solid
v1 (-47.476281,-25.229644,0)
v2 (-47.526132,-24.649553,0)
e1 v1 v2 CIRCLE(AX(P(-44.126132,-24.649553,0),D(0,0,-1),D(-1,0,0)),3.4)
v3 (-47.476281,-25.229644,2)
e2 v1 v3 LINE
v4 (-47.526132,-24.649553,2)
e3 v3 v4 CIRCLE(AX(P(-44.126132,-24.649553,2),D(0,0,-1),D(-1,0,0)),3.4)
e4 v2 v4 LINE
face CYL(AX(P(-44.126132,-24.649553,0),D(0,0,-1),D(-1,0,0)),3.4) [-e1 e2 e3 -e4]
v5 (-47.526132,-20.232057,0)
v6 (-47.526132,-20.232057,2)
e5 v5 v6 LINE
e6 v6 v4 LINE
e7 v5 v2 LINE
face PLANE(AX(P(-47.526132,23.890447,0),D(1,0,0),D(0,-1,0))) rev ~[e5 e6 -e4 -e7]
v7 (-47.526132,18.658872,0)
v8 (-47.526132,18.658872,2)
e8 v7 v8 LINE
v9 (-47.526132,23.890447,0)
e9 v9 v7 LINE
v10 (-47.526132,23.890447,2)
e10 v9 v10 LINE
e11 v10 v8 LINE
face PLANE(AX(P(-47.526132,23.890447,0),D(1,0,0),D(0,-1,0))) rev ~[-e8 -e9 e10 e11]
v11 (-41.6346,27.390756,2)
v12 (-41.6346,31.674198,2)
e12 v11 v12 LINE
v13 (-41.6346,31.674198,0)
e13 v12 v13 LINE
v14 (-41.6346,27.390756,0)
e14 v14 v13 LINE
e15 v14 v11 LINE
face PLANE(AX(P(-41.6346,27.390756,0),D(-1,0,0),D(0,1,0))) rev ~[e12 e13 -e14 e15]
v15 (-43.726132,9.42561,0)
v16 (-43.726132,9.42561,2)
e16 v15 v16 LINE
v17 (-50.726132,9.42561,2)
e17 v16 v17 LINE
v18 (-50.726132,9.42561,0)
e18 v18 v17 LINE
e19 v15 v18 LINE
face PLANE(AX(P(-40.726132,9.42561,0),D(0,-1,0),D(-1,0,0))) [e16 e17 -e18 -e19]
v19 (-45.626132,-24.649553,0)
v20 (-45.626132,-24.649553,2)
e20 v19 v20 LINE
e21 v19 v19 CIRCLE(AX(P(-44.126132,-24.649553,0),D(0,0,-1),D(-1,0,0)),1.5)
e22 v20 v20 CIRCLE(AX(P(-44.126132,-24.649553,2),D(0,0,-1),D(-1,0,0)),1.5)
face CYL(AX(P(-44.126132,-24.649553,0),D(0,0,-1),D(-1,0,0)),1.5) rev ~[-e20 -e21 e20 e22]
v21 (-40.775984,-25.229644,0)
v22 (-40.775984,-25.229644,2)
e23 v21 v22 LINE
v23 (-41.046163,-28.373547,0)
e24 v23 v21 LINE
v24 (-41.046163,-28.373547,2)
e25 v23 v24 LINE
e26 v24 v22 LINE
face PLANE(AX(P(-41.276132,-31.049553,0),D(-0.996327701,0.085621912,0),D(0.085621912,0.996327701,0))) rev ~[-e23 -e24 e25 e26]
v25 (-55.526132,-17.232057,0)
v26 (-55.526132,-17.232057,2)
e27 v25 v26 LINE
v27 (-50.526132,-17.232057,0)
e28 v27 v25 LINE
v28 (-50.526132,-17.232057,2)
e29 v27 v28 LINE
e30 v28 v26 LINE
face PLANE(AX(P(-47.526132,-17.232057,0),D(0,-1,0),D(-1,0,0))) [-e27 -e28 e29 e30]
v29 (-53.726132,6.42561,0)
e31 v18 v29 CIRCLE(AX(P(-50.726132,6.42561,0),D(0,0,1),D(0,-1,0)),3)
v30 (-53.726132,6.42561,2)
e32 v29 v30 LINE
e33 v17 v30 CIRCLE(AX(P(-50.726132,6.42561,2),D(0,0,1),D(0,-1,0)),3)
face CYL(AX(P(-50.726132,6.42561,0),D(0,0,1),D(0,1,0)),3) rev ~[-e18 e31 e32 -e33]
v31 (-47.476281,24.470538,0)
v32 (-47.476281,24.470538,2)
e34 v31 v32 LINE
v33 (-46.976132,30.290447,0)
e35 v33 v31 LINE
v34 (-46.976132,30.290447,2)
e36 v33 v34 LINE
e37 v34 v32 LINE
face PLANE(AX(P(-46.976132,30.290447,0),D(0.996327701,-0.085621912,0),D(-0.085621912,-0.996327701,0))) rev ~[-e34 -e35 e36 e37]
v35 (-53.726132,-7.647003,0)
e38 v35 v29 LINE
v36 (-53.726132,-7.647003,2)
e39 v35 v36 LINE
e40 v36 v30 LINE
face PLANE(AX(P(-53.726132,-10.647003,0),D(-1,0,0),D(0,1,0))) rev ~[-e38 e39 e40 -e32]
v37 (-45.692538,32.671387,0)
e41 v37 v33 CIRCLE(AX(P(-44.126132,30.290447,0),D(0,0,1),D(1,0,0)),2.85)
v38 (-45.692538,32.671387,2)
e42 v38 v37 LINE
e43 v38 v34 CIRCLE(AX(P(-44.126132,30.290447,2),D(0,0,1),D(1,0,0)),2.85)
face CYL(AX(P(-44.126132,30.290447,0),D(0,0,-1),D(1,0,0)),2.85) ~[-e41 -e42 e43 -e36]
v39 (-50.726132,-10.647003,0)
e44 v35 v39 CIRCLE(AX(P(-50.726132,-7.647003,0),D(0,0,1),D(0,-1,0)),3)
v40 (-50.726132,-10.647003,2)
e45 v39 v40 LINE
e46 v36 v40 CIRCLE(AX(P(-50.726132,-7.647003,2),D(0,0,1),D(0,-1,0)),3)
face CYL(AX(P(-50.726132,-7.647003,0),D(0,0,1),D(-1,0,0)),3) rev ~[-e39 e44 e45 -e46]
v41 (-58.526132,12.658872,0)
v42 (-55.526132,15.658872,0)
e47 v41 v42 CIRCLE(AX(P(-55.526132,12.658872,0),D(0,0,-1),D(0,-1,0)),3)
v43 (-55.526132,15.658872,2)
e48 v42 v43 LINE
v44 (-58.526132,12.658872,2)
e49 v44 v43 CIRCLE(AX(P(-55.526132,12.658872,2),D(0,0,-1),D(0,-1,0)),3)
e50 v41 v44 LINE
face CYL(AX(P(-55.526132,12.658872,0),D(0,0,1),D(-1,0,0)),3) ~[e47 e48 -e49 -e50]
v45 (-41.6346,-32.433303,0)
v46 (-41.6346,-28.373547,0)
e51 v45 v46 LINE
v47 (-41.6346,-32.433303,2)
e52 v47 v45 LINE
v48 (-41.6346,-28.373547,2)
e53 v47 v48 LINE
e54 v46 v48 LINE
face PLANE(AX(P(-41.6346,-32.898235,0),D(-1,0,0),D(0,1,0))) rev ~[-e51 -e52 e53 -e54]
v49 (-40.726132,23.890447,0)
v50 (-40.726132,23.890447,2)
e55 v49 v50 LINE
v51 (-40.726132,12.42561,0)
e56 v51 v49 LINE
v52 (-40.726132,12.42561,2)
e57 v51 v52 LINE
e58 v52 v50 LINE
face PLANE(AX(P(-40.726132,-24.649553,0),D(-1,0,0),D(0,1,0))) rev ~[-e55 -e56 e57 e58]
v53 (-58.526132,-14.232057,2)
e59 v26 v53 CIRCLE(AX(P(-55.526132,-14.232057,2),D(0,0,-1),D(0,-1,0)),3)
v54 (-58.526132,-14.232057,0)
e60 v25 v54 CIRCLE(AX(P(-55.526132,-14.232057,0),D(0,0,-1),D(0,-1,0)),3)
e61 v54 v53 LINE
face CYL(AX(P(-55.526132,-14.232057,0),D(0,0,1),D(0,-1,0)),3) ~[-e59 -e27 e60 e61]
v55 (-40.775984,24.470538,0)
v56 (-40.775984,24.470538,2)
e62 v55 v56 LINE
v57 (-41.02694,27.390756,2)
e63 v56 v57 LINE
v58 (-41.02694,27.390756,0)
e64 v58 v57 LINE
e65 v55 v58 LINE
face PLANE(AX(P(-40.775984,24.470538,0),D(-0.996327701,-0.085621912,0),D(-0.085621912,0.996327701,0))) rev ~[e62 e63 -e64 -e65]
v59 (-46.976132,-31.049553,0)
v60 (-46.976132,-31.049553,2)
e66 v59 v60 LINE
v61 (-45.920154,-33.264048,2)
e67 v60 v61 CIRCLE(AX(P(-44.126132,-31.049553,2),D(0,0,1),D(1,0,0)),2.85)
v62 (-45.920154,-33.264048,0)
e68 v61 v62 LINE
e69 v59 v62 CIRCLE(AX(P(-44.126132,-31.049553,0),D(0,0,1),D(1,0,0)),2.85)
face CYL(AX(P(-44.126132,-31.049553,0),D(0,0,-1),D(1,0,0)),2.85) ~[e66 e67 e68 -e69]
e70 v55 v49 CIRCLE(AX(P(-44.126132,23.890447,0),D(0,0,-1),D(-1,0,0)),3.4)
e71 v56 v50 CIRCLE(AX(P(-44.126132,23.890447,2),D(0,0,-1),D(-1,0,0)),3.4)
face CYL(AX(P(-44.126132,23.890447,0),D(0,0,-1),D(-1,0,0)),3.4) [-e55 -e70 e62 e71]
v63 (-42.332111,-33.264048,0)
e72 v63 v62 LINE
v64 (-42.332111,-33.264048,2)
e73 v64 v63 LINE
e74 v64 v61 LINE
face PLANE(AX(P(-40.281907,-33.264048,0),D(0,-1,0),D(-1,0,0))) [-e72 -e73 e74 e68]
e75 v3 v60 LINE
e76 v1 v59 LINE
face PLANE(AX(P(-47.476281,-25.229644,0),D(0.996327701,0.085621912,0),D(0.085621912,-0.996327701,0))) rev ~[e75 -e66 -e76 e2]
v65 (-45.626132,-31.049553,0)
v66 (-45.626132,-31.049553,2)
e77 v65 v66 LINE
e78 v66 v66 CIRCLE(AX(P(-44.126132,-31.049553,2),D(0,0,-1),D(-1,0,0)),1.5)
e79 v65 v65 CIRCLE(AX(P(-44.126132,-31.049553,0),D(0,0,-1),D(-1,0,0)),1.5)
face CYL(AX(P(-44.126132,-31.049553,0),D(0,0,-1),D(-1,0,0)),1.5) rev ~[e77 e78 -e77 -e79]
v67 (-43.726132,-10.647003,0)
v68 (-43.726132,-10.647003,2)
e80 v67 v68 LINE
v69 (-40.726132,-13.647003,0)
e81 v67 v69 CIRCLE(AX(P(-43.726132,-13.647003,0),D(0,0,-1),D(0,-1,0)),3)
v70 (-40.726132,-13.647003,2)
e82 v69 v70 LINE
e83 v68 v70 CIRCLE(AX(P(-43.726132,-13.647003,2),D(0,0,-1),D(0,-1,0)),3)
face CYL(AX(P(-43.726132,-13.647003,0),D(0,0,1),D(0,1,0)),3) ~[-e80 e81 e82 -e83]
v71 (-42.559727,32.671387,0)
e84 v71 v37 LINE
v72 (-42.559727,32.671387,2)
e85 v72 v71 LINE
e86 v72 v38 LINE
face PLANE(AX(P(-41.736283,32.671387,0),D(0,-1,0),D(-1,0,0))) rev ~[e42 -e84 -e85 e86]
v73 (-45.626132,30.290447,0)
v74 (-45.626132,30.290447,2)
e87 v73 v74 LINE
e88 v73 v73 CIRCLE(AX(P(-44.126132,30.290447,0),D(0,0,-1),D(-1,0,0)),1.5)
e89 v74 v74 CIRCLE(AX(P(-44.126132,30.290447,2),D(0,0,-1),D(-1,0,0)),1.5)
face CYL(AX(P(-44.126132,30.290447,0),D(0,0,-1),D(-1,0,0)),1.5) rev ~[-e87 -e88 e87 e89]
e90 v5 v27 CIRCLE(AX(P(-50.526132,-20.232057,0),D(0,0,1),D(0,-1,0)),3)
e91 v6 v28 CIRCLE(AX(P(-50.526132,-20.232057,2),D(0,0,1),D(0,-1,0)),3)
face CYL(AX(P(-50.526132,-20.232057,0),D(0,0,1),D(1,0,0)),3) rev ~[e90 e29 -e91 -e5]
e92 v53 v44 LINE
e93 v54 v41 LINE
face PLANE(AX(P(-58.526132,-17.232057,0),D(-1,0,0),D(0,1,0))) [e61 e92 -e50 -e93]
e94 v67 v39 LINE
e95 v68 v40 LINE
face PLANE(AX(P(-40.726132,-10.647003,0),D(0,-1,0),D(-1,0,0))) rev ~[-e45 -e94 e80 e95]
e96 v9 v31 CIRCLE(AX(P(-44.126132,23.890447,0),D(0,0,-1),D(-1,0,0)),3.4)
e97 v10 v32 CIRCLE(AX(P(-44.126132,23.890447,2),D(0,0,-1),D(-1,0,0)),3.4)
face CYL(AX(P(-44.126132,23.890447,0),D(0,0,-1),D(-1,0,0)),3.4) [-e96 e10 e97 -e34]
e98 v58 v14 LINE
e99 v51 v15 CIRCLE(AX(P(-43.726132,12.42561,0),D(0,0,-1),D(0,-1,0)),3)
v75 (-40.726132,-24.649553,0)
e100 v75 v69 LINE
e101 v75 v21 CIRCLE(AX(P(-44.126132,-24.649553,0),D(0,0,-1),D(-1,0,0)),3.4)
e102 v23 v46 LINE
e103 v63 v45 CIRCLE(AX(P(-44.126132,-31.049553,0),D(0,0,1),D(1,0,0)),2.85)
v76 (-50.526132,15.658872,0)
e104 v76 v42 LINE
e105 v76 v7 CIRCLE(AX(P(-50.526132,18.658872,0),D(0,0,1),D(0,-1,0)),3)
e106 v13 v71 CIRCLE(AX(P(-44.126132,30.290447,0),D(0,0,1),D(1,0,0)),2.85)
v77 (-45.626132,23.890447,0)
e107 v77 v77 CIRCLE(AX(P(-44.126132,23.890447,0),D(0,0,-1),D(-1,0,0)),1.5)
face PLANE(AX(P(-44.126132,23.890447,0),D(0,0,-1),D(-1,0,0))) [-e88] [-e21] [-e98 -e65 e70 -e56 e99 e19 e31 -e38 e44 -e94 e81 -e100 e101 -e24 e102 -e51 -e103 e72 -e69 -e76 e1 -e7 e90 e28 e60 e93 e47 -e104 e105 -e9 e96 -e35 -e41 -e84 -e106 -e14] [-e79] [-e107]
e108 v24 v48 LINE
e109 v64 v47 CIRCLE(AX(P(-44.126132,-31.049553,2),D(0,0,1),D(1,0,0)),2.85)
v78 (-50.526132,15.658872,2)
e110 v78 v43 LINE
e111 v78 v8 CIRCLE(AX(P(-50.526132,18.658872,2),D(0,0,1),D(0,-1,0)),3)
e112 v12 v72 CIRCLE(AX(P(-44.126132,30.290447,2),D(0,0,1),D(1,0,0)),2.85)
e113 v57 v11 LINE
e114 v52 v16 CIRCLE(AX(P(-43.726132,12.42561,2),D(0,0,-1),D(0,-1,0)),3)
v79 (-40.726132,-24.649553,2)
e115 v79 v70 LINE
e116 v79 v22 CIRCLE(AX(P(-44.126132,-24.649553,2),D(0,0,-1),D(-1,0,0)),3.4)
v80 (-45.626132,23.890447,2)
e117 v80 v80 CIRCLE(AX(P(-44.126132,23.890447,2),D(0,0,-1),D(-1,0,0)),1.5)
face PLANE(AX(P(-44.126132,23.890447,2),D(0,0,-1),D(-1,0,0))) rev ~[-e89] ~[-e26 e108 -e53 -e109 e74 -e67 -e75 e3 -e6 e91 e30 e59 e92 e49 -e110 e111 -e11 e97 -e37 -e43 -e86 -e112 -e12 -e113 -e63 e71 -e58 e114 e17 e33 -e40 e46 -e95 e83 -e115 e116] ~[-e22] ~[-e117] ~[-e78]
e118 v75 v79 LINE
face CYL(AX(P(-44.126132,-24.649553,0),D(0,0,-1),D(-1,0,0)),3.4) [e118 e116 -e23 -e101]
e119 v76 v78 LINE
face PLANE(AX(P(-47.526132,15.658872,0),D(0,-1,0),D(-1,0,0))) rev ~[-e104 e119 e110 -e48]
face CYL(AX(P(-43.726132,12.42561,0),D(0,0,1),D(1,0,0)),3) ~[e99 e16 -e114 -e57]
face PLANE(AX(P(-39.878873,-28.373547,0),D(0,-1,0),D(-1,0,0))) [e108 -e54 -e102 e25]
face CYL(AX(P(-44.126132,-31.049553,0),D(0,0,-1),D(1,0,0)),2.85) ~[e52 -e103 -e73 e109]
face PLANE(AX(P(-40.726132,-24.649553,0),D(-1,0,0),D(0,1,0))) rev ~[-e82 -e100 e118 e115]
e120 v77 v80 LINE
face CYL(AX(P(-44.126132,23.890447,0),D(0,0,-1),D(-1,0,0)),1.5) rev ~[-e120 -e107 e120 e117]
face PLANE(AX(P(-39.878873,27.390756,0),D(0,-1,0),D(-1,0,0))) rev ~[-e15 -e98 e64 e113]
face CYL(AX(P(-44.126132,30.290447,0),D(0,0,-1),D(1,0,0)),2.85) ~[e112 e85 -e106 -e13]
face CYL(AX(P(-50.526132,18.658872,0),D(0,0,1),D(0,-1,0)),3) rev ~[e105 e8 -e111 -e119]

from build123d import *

# Parameters (mm, degrees)
SKIZZE5_R                       = 2.85
AUFSATZ_LINEAR_AUSTRAGEN2_DEPTH = 2
SKIZZE7_R                       = 1.5
SKIZZE7_R_2                     = 2.5
SCHNITT_LINEAR_AUSTRAGEN1_DEPTH = 2
SKIZZE8_W                       = 11
SKIZZE8_H                       = 32.890928956
AUFSATZ_LINEAR_AUSTRAGEN3_DEPTH = 2
SKIZZE9_W                       = 13
SKIZZE9_H                       = 20.072612556
SCHNITT_LINEAR_AUSTRAGEN2_DEPTH = 2
SKIZZE10_R                      = 3.4
AUFSATZ_LINEAR_AUSTRAGEN4_DEPTH = 2
SKIZZE11_R                      = 1.5
SCHNITT_LINEAR_AUSTRAGEN3_DEPTH = 5
VERRUNDUNG3_R                   = 3
VERRUNDUNG4_R                   = 3
VERRUNDUNG5_R                   = 3
VERRUNDUNG6_R                   = 3
SKIZZE12_W                      = 4.557802571
SKIZZE12_H                      = 1.72453781
SKIZZE12_W_2                    = 7.81907696
SKIZZE12_H_2                    = 1.295060399
SKIZZE12_W_3                    = 1.755726722
SKIZZE12_H_3                    = 5.084854061
SKIZZE12_H_4                    = 4.524687863
SCHNITT_LINEAR_AUSTRAGEN4_DEPTH = 10


with BuildPart() as part:
    # Skizze5 → Aufsatz-Linear austragen2 (new body)
    with BuildSketch(Plane.XY):
        with BuildLine():
            Line((-40.726132402, -24.649552882), (-40.726132402, 23.890447118))
            ThreePointArc((-40.726132402, 23.890447118), (-44.126132402, 20.490447118), (-47.526132402, 23.890447118))
            Line((-47.526132402, 23.890447118), (-47.526132402, -24.649552882))
            ThreePointArc((-47.526132402, -24.649552882), (-44.126132402, -21.249552882), (-40.726132402, -24.649552882))
        make_face()
        with BuildLine():
            Line((-40.726132402, 23.890447118), (-40.775983963, 24.470537999))
            ThreePointArc((-40.775983963, 24.470537999), (-44.126132402, 27.290447118), (-47.476280842, 24.470537999))
            Line((-47.476280842, 24.470537999), (-47.526132402, 23.890447118))
            ThreePointArc((-47.526132402, 23.890447118), (-44.126132402, 20.490447118), (-40.726132402, 23.890447118))
        make_face()
        with Locations((-44.126132402, 30.290447118)):
            Circle(SKIZZE5_R)
        with BuildLine():
            Line((-40.775983963, 24.470537999), (-41.276132402, 30.290447118))
            ThreePointArc((-41.276132402, 30.290447118), (-44.126132402, 27.440447118), (-46.976132402, 30.290447118))
            Line((-46.976132402, 30.290447118), (-47.476280842, 24.470537999))
            ThreePointArc((-47.476280842, 24.470537999), (-44.126132402, 27.290447118), (-40.775983963, 24.470537999))
        make_face()
        with BuildLine():
            Line((-40.775983963, -25.229643764), (-40.726132402, -24.649552882))
            ThreePointArc((-40.726132402, -24.649552882), (-44.126132402, -21.249552882), (-47.526132402, -24.649552882))
            Line((-47.526132402, -24.649552882), (-47.476280842, -25.229643764))
            ThreePointArc((-47.476280842, -25.229643764), (-44.126132402, -28.049552882), (-40.775983963, -25.229643764))
        make_face()
        with BuildLine():
            Line((-41.276132402, -31.049552882), (-40.775983963, -25.229643764))
            ThreePointArc((-40.775983963, -25.229643764), (-44.126132402, -28.049552882), (-47.476280842, -25.229643764))
            Line((-47.476280842, -25.229643764), (-46.976132402, -31.049552882))
            ThreePointArc((-46.976132402, -31.049552882), (-44.126132402, -28.199552882), (-41.276132402, -31.049552882))
        make_face()
        with Locations((-44.126132402, -31.049552882)):
            Circle(SKIZZE5_R)
    extrude(amount=AUFSATZ_LINEAR_AUSTRAGEN2_DEPTH)

    # Skizze7 → Schnitt-Linear austragen1 (cut)
    with BuildSketch(Plane(origin=(0, 0, 0), x_dir=(-1, 0, 0), z_dir=(0, 0, -1))):
        with Locations((44.126132402, 30.290447118)):
            Circle(SKIZZE7_R)
        with Locations((44.126132402, 23.890447118)):
            Circle(SKIZZE7_R_2)
        with Locations((44.126132402, -24.649552882)):
            Circle(SKIZZE7_R_2)
        with Locations((44.126132402, -31.049552882)):
            Circle(SKIZZE7_R)
    extrude(amount=-SCHNITT_LINEAR_AUSTRAGEN1_DEPTH, mode=Mode.SUBTRACT)

    # Skizze8 → Aufsatz-Linear austragen3 (add)
    with BuildSketch(Plane(origin=(0, 0, 0), x_dir=(-1, 0, 0), z_dir=(0, 0, -1))):
        with Locations((53.026132402, -0.786592511)):
            Rectangle(SKIZZE8_W, SKIZZE8_H)
    extrude(amount=-AUFSATZ_LINEAR_AUSTRAGEN3_DEPTH)

    # Skizze9 → Schnitt-Linear austragen2 (cut)
    with BuildSketch(Plane(origin=(0, 0, 0), x_dir=(-1, 0, 0), z_dir=(0, 0, -1))):
        with Locations((47.226132402, -0.610696343)):
            Rectangle(SKIZZE9_W, SKIZZE9_H)
    extrude(amount=-SCHNITT_LINEAR_AUSTRAGEN2_DEPTH, mode=Mode.SUBTRACT)

    # Skizze10 → Aufsatz-Linear austragen4 (add)
    with BuildSketch(Plane(origin=(0, 0, 0), x_dir=(-1, 0, 0), z_dir=(0, 0, -1))):
        with Locations((44.126132402, 23.890447118)):
            Circle(SKIZZE10_R)
        with Locations((44.126132402, -24.649552882)):
            Circle(SKIZZE10_R)
    extrude(amount=-AUFSATZ_LINEAR_AUSTRAGEN4_DEPTH)

    # Skizze11 → Schnitt-Linear austragen3 (cut)
    with BuildSketch(Plane(origin=(0, 0, 0), x_dir=(-1, 0, 0), z_dir=(0, 0, -1))):
        with Locations((44.126132402, -24.649552882)):
            Circle(SKIZZE11_R)
        with Locations((44.126132402, 23.890447118)):
            Circle(SKIZZE11_R)
    extrude(amount=-SCHNITT_LINEAR_AUSTRAGEN3_DEPTH, mode=Mode.SUBTRACT)

    # Verrundung3
    verrundung3_edges = [part.edges().sort_by_distance(p)[0] for p in [
        (-40.726132402, 9.425609935, 1),
        (-53.726132402, 9.425609935, 1),
    ]]
    fillet(verrundung3_edges, radius=VERRUNDUNG3_R)

    # Verrundung4
    verrundung4_edges = [part.edges().sort_by_distance(p)[0] for p in [
        (-40.726132402, -10.647002621, 1),
        (-53.726132402, -10.647002621, 1),
    ]]
    fillet(verrundung4_edges, radius=VERRUNDUNG4_R)

    # Verrundung5
    verrundung5_edges = [part.edges().sort_by_distance(p)[0] for p in [
        (-47.526132402, -17.232056989, 1),
        (-58.526132402, -17.232056989, 1),
    ]]
    fillet(verrundung5_edges, radius=VERRUNDUNG5_R)

    # Verrundung6
    verrundung6_edges = [part.edges().sort_by_distance(p)[0] for p in [
        (-47.526132402, 15.658871967, 1),
        (-58.526132402, 15.658871967, 1),
    ]]
    fillet(verrundung6_edges, radius=VERRUNDUNG6_R)

    # Skizze12 → Schnitt-Linear austragen4 (cut)
    with BuildSketch(Plane(origin=(0, 0, 0), x_dir=(-1, 0, 0), z_dir=(0, 0, -1))):
        with Locations((44.015184194, 33.533655536)):
            Rectangle(SKIZZE12_W, SKIZZE12_H)
        with Locations((44.191445116, -33.911577792)):
            Rectangle(SKIZZE12_W_2, SKIZZE12_H_2)
        with Locations((40.756736433, 29.933182837)):
            Rectangle(SKIZZE12_W_3, SKIZZE12_H_3)
        with Locations((40.756736433, -30.635891291)):
            Rectangle(SKIZZE12_W_3, SKIZZE12_H_4)
    extrude(amount=-SCHNITT_LINEAR_AUSTRAGEN4_DEPTH, mode=Mode.SUBTRACT)


solid = part.part
